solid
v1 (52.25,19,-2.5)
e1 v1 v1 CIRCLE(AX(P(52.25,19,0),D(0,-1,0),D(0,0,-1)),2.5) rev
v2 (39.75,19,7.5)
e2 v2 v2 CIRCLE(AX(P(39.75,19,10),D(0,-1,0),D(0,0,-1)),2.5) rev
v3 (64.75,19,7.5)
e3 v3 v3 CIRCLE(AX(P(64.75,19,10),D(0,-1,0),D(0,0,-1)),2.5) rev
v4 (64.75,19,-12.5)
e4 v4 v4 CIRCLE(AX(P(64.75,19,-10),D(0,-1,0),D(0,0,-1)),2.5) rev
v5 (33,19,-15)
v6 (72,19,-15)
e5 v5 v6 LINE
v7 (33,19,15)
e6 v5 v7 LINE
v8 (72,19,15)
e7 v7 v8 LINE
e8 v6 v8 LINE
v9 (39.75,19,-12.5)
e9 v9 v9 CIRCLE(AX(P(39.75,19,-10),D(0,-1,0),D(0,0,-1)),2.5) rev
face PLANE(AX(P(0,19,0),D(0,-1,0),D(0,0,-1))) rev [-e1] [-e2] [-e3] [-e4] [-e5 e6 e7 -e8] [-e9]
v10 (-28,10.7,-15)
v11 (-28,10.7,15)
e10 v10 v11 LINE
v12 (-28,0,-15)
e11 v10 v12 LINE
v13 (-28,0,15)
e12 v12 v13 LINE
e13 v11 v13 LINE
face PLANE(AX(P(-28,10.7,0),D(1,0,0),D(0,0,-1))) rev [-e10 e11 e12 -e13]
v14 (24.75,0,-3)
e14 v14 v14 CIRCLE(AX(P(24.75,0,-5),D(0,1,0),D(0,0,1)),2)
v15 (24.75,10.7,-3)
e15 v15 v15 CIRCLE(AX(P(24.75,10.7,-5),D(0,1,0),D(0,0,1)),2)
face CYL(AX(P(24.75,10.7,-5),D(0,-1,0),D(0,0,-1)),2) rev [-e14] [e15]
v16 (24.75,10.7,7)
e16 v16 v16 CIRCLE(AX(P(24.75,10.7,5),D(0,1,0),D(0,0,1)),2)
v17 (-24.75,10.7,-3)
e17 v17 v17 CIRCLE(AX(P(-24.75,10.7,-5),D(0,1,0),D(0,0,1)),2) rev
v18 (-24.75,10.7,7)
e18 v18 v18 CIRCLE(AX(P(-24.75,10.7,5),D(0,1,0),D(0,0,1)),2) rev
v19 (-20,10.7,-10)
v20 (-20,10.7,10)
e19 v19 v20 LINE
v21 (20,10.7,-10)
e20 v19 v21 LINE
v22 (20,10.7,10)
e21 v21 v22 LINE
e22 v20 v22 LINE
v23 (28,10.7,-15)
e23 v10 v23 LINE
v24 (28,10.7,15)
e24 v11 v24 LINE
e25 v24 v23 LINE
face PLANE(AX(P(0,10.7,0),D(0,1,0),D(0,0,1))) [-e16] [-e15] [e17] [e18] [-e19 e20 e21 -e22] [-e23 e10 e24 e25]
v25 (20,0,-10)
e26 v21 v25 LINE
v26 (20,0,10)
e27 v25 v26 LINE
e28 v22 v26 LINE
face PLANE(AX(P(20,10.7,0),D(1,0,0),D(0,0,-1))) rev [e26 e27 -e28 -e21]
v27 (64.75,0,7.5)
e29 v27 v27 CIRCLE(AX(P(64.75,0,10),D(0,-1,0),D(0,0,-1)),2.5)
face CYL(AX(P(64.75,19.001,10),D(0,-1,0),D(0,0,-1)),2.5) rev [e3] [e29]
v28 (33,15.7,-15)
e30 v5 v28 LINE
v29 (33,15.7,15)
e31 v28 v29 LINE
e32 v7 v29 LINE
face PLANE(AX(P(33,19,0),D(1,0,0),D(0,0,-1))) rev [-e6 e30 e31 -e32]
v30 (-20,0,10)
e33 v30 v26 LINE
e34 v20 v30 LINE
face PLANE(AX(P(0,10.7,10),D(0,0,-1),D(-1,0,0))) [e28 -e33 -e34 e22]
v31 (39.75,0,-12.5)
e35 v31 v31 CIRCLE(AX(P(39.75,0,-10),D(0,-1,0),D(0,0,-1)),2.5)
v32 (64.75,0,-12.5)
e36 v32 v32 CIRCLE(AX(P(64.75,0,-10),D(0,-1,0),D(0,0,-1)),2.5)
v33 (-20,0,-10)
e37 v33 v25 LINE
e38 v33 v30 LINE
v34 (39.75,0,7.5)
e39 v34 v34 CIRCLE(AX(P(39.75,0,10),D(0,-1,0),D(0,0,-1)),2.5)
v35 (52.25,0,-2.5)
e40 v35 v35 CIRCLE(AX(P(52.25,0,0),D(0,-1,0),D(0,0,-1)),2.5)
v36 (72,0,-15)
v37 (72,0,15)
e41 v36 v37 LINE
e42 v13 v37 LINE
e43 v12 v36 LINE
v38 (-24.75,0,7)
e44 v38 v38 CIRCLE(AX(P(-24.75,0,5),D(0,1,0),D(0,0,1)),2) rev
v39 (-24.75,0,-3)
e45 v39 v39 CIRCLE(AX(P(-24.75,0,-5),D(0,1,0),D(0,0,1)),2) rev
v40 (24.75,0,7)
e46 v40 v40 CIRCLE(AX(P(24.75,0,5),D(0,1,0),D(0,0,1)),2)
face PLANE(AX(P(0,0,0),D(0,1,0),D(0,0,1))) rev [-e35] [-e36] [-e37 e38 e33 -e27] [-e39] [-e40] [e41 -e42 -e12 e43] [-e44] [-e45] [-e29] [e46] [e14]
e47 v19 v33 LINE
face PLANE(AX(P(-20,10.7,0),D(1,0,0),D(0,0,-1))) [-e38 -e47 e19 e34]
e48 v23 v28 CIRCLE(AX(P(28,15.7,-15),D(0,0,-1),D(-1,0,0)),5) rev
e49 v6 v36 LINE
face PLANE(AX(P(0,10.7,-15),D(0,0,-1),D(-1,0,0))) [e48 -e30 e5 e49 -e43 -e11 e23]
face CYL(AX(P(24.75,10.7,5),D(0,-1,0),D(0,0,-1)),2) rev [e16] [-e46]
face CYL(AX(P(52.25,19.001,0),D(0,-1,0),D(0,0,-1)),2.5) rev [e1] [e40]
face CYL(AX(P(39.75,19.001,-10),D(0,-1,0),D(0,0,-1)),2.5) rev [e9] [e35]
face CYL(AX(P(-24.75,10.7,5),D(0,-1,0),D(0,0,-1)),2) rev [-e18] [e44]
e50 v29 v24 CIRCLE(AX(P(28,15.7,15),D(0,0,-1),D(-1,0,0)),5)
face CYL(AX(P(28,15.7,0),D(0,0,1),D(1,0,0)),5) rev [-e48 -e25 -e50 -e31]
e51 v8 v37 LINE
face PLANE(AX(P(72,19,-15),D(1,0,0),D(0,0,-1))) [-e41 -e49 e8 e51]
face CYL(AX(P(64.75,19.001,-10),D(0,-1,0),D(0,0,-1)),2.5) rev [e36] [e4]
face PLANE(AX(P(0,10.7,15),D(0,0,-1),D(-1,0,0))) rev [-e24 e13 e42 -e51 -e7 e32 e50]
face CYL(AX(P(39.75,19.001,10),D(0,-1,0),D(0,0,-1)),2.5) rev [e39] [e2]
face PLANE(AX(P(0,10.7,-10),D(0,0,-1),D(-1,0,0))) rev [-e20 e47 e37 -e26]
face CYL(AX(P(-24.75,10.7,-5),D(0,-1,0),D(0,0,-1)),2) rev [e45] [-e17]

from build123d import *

# Parameters (mm, degrees)
SKETCH1_R           = 2
SKETCH1_W           = 40
SKETCH1_H           = 20
BOSS_EXTRUDE1_DEPTH = 10.7
SKETCH1_4_W         = 39
SKETCH1_4_H         = 30
BOSS_EXTRUDE2_DEPTH = 19
FILLET1_R           = 5
CUT_EXTRUDE2_REACH  = 21
SKETCH2_R           = 2.5


with BuildPart() as part:
    # Sketch1 → Boss-Extrude1 (new body)
    with BuildSketch(Plane(origin=(0, 0, 0), x_dir=(1, 0, 0), z_dir=(0, 1, 0))):
        Polygon((28, 15), (0, 15), (-28, 15), (-28, 0), (-28, -15), (0, -15), (33, -15), (33, 15), align=None)
        with Locations((-24.75, -5)):
            Circle(SKETCH1_R, mode=Mode.SUBTRACT)
        Rectangle(SKETCH1_W, SKETCH1_H, mode=Mode.SUBTRACT)
        with Locations((24.75, -5)):
            Circle(SKETCH1_R, mode=Mode.SUBTRACT)
        with Locations((-24.75, 5)):
            Circle(SKETCH1_R, mode=Mode.SUBTRACT)
        with Locations((24.75, 5)):
            Circle(SKETCH1_R, mode=Mode.SUBTRACT)
    extrude(amount=BOSS_EXTRUDE1_DEPTH)

    # Sketch1<4> → Boss-Extrude2 (add)
    with BuildSketch(Plane(origin=(0, 0, 0), x_dir=(1, 0, 0), z_dir=(0, 1, 0))):
        with Locations((52.5, 0)):
            Rectangle(SKETCH1_4_W, SKETCH1_4_H)
    extrude(amount=BOSS_EXTRUDE2_DEPTH)

    # Fillet1
    fillet1_edges = [part.edges().sort_by_distance(p)[0] for p in [
        (33, 10.7, 0),
    ]]
    fillet(fillet1_edges, radius=FILLET1_R)

    # Sketch2 → Cut-Extrude2 (cut, up to next)
    with BuildSketch(Plane.XZ, mode=Mode.PRIVATE) as cut_extrude2_sk1:
        with Locations((52.25, 0)):
            Circle(SKETCH2_R)
    cut_extrude2_tool1 = extrude(cut_extrude2_sk1.sketch, amount=-CUT_EXTRUDE2_REACH, mode=Mode.PRIVATE) & part.part
    add(cut_extrude2_tool1.solids().sort_by_distance((52.25, 0, 0))[0], mode=Mode.SUBTRACT)
    # Sketch2 → Cut-Extrude2 (cut, up to next)
    with BuildSketch(Plane.XZ, mode=Mode.PRIVATE) as cut_extrude2_sk2:
        with Locations((39.75, 10)):
            Circle(SKETCH2_R)
    cut_extrude2_tool2 = extrude(cut_extrude2_sk2.sketch, amount=-CUT_EXTRUDE2_REACH, mode=Mode.PRIVATE) & part.part
    add(cut_extrude2_tool2.solids().sort_by_distance((39.75, 0, 10))[0], mode=Mode.SUBTRACT)
    # Sketch2 → Cut-Extrude2 (cut, up to next)
    with BuildSketch(Plane.XZ, mode=Mode.PRIVATE) as cut_extrude2_sk3:
        with Locations((39.75, -10)):
            Circle(SKETCH2_R)
    cut_extrude2_tool3 = extrude(cut_extrude2_sk3.sketch, amount=-CUT_EXTRUDE2_REACH, mode=Mode.PRIVATE) & part.part
    add(cut_extrude2_tool3.solids().sort_by_distance((39.75, 0, -10))[0], mode=Mode.SUBTRACT)
    # Sketch2 → Cut-Extrude2 (cut, up to next)
    with BuildSketch(Plane.XZ, mode=Mode.PRIVATE) as cut_extrude2_sk4:
        with Locations((64.75, -10)):
            Circle(SKETCH2_R)
    cut_extrude2_tool4 = extrude(cut_extrude2_sk4.sketch, amount=-CUT_EXTRUDE2_REACH, mode=Mode.PRIVATE) & part.part
    add(cut_extrude2_tool4.solids().sort_by_distance((64.75, 0, -10))[0], mode=Mode.SUBTRACT)
    # Sketch2 → Cut-Extrude2 (cut, up to next)
    with BuildSketch(Plane.XZ, mode=Mode.PRIVATE) as cut_extrude2_sk5:
        with Locations((64.75, 10)):
            Circle(SKETCH2_R)
    cut_extrude2_tool5 = extrude(cut_extrude2_sk5.sketch, amount=-CUT_EXTRUDE2_REACH, mode=Mode.PRIVATE) & part.part
    add(cut_extrude2_tool5.solids().sort_by_distance((64.75, 0, 10))[0], mode=Mode.SUBTRACT)


solid = part.part
